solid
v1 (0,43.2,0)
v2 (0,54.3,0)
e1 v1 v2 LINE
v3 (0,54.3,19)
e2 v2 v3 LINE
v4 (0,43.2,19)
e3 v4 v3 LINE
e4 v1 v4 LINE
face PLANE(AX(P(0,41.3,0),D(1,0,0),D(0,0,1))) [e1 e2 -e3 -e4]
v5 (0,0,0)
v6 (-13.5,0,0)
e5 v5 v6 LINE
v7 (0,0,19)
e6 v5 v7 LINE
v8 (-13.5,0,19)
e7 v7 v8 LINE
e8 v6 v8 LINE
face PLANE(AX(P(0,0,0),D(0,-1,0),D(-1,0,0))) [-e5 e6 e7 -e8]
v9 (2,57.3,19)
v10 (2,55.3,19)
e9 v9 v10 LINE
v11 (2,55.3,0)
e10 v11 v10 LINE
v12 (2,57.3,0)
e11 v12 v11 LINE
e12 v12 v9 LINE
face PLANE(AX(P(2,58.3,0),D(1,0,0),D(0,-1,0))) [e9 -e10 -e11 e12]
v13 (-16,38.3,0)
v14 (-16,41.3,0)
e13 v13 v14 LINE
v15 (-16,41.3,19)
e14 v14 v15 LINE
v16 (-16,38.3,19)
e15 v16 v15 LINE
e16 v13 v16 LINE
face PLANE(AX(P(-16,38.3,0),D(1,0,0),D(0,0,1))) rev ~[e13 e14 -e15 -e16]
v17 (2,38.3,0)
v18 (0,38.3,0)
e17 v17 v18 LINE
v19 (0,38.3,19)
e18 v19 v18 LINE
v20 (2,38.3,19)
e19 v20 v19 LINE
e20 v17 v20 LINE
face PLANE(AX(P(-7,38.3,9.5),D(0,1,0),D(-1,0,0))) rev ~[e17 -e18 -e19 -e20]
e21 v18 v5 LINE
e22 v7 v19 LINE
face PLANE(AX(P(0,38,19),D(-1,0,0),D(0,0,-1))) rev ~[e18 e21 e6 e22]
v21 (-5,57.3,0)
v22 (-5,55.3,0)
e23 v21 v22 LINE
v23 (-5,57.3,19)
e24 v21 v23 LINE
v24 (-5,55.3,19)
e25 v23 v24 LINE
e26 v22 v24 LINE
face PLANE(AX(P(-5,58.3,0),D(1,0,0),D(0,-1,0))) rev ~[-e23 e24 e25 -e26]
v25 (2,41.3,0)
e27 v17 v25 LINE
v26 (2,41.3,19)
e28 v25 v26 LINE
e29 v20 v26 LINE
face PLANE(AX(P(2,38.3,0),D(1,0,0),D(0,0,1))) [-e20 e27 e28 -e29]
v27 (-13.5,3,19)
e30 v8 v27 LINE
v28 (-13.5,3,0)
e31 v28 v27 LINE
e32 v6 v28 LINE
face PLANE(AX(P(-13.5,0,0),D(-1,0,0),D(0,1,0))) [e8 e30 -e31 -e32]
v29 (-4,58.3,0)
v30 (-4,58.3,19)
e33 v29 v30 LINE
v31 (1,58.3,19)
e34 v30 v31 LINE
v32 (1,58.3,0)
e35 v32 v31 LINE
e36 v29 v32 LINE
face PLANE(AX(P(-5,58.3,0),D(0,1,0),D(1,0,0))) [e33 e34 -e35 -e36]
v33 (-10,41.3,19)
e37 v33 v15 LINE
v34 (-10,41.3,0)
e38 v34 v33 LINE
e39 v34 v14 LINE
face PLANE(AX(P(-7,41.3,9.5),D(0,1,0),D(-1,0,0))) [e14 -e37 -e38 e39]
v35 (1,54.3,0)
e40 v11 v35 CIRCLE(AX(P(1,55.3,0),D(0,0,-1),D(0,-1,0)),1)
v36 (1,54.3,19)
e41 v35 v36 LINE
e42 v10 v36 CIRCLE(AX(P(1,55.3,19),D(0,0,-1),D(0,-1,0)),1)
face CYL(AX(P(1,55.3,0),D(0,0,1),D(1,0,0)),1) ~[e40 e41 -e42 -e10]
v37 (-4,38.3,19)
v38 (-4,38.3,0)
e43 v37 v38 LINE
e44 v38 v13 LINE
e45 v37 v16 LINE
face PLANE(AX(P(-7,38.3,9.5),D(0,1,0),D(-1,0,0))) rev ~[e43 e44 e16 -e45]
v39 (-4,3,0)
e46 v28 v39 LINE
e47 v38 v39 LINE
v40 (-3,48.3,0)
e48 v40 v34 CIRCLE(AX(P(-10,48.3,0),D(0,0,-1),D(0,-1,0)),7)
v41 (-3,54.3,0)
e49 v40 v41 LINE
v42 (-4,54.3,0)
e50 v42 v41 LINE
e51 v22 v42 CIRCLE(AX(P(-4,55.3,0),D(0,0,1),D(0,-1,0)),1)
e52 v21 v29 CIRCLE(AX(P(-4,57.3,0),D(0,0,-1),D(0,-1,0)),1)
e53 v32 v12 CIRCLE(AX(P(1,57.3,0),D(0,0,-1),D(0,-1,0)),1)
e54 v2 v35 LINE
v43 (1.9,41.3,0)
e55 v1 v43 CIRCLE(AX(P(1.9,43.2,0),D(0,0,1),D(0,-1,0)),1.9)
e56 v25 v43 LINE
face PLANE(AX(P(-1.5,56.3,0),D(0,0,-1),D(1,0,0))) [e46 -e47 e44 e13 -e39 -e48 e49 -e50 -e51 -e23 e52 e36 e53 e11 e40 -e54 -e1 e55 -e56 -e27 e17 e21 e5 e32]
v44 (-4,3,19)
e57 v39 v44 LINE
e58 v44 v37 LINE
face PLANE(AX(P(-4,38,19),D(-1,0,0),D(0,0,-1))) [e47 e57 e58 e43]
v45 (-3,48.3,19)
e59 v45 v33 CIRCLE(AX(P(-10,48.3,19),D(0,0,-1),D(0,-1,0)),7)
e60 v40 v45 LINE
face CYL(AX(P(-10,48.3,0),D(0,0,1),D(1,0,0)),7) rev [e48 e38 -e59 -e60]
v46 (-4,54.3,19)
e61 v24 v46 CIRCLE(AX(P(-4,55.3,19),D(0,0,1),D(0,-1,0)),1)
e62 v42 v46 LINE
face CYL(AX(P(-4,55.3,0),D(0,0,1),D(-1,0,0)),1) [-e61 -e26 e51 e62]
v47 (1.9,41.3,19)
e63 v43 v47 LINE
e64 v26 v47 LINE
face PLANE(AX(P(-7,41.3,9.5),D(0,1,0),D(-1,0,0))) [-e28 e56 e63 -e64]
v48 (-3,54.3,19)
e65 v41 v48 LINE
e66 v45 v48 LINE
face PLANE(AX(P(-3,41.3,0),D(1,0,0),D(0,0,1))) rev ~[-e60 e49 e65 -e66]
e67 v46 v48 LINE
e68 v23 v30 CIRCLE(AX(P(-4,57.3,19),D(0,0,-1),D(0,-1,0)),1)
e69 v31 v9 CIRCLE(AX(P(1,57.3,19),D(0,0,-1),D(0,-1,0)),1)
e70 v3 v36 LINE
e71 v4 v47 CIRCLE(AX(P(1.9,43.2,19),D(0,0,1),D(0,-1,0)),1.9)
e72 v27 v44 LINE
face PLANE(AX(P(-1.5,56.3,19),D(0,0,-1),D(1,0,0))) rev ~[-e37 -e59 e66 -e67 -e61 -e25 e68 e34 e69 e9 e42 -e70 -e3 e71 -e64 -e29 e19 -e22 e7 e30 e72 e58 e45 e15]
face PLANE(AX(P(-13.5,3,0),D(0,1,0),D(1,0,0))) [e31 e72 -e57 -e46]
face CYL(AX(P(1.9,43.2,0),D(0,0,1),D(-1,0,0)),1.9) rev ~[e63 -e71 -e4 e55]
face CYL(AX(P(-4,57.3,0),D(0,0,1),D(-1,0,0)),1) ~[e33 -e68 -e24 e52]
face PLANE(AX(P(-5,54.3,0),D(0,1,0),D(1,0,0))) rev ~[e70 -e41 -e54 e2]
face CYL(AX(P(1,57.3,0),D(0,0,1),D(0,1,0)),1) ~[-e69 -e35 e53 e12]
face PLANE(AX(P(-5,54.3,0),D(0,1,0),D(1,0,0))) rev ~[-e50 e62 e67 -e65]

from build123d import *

# Parameters (mm, degrees)
PAD121_DEPTH   = 19
PAD121_FACE5_W = 4
PAD121_FACE5_H = 19
PAD127_DEPTH   = 0.3
SKETCH126_W    = 18
SKETCH126_H    = 19
PAD128_DEPTH   = 3
SKETCH127_W    = 3
SKETCH127_H    = 19
PAD129_DEPTH   = 15
SKETCH128_W    = 7
SKETCH128_H    = 4
PAD130_DEPTH   = 19
FILLET056_R    = 1
FILLET057_R    = 1.9
FILLET058_R    = 7


with BuildPart() as part:
    # Sketch119 → Pad121 (new body)
    with BuildSketch(Plane.XY):
        Polygon((0, 0), (-13.5, 0), (-13.5, 3), (-4, 3), (-4, 38), (0, 38), align=None)
    extrude(amount=PAD121_DEPTH)

    # Pad121 Face5 → Pad127 (add)
    with BuildSketch(Plane(origin=(-2, 38, 9.5), x_dir=(1, 0, 0), z_dir=(0, 1, 0))):
        Rectangle(PAD121_FACE5_W, PAD121_FACE5_H)
    extrude(amount=PAD127_DEPTH)

    # Sketch126 (on Face5 of Pad127) → Pad128 (join)
    with BuildSketch(Plane(origin=(0, 38.3, 0), x_dir=(-1, 0, 0), z_dir=(0, 1, 0))):
        with Locations((7, 9.5)):
            Rectangle(SKETCH126_W, SKETCH126_H)
    extrude(amount=PAD128_DEPTH)

    # Sketch127 (on Face3 of Pad128) → Pad129 (join)
    with BuildSketch(Plane(origin=(0, 41.3, 0), x_dir=(-1, 0, 0), z_dir=(0, 1, 0))):
        with Locations((1.5, 9.5)):
            Rectangle(SKETCH127_W, SKETCH127_H)
    extrude(amount=PAD129_DEPTH)

    # Sketch128 (on Face15 of Pad129) → Pad130 (join)
    with BuildSketch(Plane(origin=(0, 0, 0), x_dir=(1, 0, 0), z_dir=(0, 0, -1))):
        with Locations((-1.5, -56.3)):
            Rectangle(SKETCH128_W, SKETCH128_H)
    extrude(amount=-PAD130_DEPTH)

    # Fillet056
    fillet056_edges = [part.edges().sort_by_distance(p)[0] for p in [
        (2, 58.3, 9.5),
        (2, 54.3, 9.5),
        (-5, 58.3, 9.5),
        (-5, 54.3, 9.5),
    ]]
    fillet(fillet056_edges, radius=FILLET056_R)

    # Fillet057
    fillet057_edges = [part.edges().sort_by_distance(p)[0] for p in [
        (0, 41.3, 9.5),
    ]]
    fillet(fillet057_edges, radius=FILLET057_R)

    # Fillet058
    fillet058_edges = [part.edges().sort_by_distance(p)[0] for p in [
        (-3, 41.3, 9.5),
    ]]
    fillet(fillet058_edges, radius=FILLET058_R)


solid = part.part
